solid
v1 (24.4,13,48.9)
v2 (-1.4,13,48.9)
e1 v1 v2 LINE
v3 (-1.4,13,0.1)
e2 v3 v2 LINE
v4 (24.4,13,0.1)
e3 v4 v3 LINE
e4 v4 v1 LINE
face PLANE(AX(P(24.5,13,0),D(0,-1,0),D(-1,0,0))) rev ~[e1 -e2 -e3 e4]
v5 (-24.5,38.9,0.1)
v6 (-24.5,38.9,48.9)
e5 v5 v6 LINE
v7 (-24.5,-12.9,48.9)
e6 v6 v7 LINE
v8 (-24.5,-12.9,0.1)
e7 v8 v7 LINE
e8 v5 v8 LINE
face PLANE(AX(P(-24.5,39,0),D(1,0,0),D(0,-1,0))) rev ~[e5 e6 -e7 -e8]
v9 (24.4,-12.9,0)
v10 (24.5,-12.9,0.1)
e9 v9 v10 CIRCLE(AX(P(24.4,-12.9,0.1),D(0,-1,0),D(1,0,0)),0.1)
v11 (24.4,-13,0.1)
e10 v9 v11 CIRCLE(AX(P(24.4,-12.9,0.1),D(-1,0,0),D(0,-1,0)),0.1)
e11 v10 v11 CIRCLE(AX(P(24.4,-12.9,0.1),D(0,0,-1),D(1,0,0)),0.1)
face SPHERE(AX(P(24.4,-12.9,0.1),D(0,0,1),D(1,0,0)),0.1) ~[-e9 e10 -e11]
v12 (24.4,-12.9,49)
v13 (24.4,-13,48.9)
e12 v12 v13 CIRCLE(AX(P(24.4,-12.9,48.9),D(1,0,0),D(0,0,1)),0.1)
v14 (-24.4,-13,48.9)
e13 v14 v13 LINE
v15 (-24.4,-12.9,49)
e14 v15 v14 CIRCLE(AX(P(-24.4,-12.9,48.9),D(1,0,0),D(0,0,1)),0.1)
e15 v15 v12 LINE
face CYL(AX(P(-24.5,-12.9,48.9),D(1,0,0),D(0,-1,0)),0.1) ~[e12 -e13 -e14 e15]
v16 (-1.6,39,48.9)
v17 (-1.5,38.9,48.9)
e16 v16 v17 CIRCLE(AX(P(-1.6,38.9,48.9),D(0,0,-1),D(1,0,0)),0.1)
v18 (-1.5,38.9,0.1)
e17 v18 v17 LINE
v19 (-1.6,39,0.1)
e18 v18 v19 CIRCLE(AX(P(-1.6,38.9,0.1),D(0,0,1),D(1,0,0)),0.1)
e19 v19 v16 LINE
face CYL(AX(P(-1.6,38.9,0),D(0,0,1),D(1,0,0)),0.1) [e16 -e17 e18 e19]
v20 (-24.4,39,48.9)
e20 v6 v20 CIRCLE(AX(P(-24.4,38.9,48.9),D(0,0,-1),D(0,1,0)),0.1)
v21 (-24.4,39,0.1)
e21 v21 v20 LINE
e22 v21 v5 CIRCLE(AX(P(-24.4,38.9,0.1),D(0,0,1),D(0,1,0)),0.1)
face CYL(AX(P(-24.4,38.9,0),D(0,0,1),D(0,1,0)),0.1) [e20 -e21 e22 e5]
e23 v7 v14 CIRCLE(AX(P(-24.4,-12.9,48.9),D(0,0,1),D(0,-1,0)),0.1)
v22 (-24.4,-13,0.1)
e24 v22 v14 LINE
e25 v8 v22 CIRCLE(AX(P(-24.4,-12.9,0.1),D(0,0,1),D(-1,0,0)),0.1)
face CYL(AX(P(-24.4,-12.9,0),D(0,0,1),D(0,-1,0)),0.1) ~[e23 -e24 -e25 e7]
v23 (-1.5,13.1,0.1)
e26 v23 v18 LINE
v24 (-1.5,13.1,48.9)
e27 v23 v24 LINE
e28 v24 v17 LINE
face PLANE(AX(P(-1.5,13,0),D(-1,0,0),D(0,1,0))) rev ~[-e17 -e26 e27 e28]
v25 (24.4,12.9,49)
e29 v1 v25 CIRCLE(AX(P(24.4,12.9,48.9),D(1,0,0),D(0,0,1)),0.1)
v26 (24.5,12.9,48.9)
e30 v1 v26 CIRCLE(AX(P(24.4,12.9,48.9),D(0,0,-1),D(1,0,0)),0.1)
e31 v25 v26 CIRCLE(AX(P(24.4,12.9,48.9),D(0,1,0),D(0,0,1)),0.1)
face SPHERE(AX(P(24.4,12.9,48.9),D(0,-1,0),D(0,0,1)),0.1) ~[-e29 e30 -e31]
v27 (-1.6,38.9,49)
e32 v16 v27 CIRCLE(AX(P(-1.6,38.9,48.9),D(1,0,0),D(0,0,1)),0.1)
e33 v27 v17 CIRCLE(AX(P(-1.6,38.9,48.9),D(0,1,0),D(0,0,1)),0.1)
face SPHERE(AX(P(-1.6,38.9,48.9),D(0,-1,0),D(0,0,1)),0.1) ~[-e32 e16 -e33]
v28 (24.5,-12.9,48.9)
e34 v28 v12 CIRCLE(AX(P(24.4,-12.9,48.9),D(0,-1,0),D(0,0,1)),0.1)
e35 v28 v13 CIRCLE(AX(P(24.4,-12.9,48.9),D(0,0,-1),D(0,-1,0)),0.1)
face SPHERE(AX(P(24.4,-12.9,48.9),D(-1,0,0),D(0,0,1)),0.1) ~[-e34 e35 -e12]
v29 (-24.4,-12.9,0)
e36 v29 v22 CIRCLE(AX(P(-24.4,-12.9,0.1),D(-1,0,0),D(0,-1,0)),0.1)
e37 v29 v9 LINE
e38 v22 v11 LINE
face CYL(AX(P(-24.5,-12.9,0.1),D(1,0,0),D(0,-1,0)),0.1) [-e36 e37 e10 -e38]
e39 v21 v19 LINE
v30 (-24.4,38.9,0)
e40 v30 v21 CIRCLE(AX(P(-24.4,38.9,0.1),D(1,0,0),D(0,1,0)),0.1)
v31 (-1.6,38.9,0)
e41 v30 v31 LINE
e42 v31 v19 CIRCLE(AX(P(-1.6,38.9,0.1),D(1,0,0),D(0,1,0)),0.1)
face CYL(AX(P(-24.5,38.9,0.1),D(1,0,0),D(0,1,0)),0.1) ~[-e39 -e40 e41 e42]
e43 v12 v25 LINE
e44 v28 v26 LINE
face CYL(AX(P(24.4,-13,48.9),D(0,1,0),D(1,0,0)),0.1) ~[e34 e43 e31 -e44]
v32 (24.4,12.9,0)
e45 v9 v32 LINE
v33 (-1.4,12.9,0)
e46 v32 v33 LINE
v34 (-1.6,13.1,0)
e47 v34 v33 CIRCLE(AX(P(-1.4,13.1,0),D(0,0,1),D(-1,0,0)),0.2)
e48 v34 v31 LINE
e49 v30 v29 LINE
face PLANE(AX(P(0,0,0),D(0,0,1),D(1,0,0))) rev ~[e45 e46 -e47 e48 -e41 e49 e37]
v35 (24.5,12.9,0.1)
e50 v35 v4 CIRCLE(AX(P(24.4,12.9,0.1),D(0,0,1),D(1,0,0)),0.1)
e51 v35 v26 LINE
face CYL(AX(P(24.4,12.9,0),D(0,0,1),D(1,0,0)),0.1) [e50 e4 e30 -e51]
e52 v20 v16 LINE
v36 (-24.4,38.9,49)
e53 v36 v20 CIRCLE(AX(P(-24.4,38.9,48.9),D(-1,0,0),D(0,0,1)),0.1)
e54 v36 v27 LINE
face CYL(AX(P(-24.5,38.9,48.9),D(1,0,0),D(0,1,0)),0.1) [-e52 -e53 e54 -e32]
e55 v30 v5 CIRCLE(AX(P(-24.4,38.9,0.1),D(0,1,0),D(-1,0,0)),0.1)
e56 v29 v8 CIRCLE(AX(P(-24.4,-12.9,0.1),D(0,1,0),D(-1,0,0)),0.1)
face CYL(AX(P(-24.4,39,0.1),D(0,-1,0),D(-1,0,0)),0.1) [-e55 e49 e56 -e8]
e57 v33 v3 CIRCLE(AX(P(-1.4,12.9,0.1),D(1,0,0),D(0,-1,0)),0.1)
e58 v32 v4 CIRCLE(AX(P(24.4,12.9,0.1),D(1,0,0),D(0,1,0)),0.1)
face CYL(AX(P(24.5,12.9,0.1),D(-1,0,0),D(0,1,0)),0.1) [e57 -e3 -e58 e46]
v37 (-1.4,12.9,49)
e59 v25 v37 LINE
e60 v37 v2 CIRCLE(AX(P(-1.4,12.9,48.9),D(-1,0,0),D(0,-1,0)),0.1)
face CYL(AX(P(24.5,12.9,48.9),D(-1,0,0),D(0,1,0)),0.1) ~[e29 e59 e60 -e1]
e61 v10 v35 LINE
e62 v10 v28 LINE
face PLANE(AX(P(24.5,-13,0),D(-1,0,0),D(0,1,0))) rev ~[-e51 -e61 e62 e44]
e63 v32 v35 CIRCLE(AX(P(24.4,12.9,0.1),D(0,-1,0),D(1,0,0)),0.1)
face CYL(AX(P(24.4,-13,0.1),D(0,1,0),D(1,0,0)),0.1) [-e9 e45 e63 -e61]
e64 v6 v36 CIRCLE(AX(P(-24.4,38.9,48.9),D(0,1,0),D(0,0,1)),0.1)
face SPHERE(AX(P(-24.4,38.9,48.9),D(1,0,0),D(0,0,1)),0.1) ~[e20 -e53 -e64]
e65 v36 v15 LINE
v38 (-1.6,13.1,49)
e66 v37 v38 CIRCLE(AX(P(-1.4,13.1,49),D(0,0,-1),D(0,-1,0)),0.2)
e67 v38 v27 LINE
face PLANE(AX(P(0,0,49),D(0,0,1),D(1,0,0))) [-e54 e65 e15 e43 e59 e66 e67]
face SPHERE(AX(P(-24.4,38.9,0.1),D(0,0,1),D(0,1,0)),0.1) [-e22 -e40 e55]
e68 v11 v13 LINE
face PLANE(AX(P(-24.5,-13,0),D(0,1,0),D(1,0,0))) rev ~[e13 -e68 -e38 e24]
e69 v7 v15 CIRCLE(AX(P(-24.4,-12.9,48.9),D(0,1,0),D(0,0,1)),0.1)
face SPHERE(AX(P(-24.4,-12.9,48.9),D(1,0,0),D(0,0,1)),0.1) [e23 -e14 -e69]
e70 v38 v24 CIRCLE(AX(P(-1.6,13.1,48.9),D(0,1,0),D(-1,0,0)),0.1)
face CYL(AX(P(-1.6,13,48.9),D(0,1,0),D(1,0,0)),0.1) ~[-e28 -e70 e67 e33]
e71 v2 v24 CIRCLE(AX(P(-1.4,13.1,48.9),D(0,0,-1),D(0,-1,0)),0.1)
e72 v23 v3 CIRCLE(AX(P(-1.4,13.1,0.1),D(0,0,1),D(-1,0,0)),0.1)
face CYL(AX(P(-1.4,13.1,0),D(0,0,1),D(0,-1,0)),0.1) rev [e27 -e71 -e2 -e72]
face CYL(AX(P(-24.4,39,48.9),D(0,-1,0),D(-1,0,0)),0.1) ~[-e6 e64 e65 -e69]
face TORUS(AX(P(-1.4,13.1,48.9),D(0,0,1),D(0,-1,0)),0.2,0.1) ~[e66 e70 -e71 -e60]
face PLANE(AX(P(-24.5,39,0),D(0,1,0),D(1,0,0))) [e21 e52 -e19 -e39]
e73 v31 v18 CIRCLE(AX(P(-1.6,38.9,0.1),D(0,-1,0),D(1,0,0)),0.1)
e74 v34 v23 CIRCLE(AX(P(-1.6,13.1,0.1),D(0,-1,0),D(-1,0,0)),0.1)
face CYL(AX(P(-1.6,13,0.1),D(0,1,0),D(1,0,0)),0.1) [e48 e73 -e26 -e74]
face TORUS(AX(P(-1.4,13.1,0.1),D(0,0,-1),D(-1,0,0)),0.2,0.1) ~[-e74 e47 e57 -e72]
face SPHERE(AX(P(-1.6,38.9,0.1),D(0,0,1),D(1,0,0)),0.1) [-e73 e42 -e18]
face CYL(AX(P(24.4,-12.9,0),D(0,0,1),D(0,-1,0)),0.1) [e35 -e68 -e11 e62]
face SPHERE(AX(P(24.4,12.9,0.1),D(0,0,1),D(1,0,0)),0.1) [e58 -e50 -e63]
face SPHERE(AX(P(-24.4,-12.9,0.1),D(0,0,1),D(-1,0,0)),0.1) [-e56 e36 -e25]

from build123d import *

# Parameters (mm, degrees)
F0_W     = 23
F0_H     = 26
F1_DEPTH = 49
F2_R     = 0.1


with BuildPart() as f1:
    # F0 (on Top) → F1 (new body)
    with BuildSketch(Plane.XY):
        Polygon((-24.5, -13), (24.5, -13), (24.5, 13), (-1.5, 13), (-24.5, 13), align=None)
        with Locations((-13, 26)):
            Rectangle(F0_W, F0_H)
    extrude(amount=F1_DEPTH)

    # F2
    f2_edges = [f1.edges().sort_by_distance(p)[0] for p in [
        (0, -13, 49),
        (24.5, 0, 49),
        (11.5, 13, 49),
        (-1.5, 26, 49),
        (-13, 39, 49),
        (-24.5, 13, 49),
        (24.5, -13, 24.5),
        (24.5, 13, 24.5),
        (24.5, 0, 0),
        (11.5, 13, 0),
        (-1.5, 13, 24.5),
        (-1.5, 39, 24.5),
        (-1.5, 26, 0),
        (-24.5, 39, 24.5),
        (-13, 39, 0),
        (-24.5, -13, 24.5),
        (-24.5, 13, 0),
        (0, -13, 0),
    ]]
    fillet(f2_edges, radius=F2_R)


solid = f1.part
